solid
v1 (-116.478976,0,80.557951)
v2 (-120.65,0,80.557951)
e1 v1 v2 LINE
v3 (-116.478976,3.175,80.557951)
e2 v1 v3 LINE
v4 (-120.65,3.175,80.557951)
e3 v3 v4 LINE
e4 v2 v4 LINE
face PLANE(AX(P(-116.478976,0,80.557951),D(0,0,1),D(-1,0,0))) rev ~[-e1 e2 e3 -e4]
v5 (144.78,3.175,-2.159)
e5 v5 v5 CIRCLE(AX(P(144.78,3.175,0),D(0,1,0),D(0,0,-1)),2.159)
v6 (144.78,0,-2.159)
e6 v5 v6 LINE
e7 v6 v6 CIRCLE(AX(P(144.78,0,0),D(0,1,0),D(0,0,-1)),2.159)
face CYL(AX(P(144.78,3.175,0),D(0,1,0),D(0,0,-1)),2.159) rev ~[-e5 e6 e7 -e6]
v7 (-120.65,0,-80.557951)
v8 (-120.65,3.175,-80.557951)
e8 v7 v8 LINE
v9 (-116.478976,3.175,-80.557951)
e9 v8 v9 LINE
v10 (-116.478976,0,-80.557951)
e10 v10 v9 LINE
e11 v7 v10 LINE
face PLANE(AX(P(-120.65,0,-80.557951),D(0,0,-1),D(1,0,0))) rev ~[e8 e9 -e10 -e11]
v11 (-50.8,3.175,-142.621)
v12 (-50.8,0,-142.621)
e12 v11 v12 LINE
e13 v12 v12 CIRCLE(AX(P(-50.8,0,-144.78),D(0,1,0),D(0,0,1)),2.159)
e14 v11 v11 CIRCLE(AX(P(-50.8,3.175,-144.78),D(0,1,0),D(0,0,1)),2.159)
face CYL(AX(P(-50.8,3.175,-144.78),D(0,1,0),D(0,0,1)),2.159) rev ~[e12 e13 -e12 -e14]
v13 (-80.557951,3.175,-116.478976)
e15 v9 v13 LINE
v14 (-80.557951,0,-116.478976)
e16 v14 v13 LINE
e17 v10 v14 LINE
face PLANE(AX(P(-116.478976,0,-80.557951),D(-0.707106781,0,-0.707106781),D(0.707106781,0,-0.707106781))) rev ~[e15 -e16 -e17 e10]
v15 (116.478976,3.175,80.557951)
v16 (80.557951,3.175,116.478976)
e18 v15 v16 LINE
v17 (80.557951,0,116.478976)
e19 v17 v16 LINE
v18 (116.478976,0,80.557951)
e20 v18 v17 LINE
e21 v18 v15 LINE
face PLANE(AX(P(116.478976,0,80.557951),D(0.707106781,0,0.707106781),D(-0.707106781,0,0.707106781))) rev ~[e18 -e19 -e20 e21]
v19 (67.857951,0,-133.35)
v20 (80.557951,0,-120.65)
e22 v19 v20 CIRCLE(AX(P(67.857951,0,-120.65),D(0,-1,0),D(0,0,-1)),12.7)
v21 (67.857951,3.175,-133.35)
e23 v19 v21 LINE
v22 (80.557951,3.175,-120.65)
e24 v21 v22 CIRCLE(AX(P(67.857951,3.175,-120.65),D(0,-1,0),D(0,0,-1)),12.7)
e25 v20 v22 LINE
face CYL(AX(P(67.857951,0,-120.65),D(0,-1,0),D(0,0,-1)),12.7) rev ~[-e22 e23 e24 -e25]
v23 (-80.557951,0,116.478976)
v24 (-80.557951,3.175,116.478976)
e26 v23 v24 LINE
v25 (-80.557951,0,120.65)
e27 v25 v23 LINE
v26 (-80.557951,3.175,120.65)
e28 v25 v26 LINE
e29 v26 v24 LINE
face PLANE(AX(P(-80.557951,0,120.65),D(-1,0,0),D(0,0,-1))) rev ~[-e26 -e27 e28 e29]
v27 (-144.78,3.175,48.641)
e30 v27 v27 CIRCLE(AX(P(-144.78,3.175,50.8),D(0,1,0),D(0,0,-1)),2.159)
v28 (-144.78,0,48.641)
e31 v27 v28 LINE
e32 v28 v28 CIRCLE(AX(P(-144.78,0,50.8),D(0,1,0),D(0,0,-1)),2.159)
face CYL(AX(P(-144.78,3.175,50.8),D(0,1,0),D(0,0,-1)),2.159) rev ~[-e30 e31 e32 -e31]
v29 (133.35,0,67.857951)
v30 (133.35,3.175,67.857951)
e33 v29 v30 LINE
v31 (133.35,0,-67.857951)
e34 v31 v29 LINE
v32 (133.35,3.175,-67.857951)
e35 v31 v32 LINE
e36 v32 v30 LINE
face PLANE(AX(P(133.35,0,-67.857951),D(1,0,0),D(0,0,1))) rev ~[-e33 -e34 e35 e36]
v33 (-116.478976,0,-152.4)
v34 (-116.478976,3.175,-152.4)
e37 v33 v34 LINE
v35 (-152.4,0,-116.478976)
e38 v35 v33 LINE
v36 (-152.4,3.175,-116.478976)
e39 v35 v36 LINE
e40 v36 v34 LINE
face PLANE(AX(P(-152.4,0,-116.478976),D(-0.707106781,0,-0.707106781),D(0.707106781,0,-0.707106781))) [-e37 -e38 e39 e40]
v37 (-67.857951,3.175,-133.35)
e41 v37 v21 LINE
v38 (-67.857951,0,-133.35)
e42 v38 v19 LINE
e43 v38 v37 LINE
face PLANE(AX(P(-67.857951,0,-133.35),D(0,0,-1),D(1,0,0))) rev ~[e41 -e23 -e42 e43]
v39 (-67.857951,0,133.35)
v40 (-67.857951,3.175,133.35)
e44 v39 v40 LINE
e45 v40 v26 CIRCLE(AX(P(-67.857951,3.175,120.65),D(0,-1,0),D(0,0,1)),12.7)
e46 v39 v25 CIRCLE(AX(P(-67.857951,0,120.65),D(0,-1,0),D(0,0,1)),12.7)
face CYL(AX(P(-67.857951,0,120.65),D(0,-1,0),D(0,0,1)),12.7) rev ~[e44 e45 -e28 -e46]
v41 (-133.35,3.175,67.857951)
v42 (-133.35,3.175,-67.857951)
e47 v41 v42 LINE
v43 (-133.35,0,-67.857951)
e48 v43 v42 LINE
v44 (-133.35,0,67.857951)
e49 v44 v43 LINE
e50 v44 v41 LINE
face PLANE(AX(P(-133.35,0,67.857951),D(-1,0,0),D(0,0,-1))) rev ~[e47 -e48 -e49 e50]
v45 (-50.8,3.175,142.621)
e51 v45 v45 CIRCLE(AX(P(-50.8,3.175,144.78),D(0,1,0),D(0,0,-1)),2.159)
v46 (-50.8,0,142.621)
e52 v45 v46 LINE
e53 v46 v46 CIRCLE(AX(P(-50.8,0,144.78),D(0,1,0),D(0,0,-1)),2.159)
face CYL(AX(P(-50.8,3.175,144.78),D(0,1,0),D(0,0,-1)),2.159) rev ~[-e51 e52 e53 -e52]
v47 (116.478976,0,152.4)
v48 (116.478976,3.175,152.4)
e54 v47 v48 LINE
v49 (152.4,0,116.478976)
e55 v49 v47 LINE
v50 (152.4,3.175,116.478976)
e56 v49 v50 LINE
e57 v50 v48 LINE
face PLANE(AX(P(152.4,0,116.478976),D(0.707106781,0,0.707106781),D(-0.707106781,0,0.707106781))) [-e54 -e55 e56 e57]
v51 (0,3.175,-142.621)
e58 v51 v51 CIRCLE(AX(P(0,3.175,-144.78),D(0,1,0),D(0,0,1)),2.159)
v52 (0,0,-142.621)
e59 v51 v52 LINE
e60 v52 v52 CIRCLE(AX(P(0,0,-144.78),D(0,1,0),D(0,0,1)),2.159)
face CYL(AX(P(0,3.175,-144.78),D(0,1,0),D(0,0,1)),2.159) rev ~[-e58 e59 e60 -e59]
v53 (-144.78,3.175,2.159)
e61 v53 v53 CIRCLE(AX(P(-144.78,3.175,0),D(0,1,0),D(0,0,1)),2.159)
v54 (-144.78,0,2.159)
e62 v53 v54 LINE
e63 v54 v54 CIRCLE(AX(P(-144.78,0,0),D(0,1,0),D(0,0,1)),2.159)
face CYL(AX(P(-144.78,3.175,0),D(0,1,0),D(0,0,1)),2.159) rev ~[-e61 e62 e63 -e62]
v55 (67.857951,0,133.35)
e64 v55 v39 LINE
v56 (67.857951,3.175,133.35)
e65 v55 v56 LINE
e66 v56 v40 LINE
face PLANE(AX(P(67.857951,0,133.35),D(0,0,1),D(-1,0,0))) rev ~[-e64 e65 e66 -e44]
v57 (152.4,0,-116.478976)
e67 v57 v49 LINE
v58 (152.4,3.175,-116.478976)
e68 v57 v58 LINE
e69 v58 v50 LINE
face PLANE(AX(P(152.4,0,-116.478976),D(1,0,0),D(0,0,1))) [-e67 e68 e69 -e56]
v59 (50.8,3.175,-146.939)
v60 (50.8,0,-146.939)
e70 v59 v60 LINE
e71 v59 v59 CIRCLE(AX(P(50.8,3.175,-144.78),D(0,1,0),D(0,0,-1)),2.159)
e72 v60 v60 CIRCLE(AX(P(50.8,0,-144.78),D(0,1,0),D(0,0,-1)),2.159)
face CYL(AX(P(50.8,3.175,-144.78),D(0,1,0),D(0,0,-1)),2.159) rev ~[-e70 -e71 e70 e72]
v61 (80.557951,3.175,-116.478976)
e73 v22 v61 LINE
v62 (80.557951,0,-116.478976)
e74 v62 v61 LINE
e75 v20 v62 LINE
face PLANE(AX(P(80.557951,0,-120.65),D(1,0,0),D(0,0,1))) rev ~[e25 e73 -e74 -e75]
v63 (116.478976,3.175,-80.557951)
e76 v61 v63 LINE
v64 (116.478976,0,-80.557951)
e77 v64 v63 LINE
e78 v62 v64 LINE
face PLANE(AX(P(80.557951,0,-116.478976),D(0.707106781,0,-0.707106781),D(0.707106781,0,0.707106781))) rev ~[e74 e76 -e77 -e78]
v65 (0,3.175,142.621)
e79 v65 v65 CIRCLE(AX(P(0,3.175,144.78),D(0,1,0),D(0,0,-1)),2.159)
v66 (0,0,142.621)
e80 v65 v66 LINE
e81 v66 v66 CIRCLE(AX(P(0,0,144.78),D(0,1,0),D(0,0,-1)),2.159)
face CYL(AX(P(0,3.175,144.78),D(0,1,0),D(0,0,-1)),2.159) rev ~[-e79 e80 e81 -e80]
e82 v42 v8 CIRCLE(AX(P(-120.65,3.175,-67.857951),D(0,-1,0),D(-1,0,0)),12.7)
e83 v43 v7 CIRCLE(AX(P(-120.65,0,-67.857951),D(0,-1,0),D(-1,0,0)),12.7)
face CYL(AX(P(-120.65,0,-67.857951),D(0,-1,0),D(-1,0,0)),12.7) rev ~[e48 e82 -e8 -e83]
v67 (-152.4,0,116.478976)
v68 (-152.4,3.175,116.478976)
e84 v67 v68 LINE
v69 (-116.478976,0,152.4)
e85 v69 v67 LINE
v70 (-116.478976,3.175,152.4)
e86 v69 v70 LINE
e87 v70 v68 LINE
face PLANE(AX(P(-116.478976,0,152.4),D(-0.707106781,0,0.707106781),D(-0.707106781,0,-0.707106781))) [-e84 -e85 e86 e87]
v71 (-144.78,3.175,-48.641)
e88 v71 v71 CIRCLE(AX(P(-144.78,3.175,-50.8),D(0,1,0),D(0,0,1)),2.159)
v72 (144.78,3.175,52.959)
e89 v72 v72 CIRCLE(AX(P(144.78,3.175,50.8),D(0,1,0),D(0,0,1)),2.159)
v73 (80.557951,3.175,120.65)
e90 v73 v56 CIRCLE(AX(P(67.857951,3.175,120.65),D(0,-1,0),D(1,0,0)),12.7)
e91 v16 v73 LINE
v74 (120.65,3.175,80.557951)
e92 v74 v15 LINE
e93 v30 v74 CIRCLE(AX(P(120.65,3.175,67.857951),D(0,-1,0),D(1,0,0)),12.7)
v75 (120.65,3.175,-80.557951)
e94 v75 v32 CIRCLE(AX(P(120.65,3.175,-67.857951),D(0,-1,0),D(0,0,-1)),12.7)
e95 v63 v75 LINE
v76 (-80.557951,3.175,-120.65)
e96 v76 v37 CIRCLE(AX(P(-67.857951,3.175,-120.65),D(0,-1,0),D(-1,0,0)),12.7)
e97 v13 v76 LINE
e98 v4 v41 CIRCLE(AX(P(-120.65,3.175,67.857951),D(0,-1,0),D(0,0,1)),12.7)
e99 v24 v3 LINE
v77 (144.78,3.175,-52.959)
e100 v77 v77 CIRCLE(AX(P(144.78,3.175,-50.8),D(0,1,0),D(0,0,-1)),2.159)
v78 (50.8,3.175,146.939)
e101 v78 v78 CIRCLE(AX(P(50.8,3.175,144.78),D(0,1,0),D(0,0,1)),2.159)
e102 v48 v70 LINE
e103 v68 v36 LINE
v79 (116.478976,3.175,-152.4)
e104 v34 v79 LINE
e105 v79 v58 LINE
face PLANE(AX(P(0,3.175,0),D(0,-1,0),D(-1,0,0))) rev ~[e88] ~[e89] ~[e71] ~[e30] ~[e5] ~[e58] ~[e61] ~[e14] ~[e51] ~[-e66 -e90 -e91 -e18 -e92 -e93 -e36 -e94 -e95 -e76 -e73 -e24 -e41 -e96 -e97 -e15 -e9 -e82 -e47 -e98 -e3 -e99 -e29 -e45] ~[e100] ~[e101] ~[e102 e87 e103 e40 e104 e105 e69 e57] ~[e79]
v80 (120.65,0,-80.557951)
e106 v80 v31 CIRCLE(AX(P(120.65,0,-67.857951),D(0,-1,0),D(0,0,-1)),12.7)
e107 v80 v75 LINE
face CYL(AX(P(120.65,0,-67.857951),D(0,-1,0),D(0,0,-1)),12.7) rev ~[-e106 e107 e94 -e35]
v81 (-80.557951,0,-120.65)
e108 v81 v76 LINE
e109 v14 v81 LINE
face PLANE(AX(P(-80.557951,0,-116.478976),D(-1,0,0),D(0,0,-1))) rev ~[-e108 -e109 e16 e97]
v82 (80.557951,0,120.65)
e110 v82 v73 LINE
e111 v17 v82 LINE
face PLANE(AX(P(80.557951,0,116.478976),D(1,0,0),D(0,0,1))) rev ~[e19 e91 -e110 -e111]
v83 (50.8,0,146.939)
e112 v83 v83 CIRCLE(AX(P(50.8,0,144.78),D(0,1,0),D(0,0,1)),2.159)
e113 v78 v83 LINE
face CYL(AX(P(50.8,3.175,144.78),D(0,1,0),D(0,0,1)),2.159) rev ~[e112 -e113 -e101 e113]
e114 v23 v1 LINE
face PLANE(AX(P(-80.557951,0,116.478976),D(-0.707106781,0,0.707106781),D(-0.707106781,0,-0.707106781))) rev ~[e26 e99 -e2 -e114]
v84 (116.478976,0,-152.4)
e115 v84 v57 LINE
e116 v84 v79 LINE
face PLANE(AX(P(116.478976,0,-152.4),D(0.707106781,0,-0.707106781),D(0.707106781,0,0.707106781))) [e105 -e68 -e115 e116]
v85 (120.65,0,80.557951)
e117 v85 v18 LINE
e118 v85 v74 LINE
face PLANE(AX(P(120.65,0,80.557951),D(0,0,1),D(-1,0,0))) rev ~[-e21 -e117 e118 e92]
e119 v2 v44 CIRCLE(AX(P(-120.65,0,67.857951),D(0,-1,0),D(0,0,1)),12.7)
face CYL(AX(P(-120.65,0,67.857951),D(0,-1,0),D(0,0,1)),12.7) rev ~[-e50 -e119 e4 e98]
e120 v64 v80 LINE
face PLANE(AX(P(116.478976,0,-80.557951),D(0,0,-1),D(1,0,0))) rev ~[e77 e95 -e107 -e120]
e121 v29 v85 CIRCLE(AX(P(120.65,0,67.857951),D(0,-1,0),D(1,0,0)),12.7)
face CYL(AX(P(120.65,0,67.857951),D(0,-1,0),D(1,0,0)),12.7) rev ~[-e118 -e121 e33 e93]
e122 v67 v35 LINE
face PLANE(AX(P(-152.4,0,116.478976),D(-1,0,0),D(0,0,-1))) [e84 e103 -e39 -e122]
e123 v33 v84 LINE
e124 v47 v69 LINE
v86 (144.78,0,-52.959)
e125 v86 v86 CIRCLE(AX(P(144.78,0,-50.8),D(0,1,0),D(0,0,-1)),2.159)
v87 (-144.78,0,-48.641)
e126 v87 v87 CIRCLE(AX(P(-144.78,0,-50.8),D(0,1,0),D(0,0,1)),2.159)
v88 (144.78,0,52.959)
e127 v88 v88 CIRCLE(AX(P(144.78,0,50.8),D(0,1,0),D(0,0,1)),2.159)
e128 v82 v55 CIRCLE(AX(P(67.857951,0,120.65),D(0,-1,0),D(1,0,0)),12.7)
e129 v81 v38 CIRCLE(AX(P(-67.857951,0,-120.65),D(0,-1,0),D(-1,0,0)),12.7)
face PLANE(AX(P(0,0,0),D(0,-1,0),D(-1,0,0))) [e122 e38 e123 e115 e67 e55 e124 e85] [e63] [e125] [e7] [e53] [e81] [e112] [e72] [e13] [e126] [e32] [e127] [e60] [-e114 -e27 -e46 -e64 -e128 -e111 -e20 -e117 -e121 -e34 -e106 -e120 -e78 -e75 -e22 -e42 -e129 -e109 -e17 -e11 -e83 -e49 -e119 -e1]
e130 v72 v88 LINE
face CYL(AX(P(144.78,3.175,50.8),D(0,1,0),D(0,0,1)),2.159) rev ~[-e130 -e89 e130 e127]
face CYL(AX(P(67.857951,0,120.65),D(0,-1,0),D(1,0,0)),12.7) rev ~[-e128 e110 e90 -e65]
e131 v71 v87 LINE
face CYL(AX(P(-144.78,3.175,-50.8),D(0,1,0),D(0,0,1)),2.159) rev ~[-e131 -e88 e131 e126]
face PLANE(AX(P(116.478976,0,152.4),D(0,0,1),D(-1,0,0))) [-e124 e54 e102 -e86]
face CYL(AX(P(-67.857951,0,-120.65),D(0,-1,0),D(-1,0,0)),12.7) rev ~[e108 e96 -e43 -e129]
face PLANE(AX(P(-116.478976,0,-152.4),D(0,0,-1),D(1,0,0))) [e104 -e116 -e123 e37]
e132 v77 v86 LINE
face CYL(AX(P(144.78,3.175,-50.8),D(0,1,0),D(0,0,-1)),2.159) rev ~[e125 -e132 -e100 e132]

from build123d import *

# Parameters (mm, degrees)
BOSS_EXTRUDE1_DEPTH = 3.175
SKETCH4_R           = 2.159
CUT_EXTRUDE2_DEPTH  = 216.549531721


with BuildPart() as part:
    # Sketch2 → Boss-Extrude1 (new body)
    with BuildSketch(Plane(origin=(0, 0, 0), x_dir=(1, 0, 0), z_dir=(0, 1, 0))):
        Polygon((-152.4, 116.478975516), (-116.478975516, 152.4), (116.478975516, 152.4), (152.4, 116.478975516), (152.4, -116.478975516), (116.478975516, -152.4), (-116.478975516, -152.4), (-152.4, -116.478975516), align=None)
        with BuildLine():
            Line((-116.478975516, 80.557951031), (-80.557951031, 116.478975516))
            Line((-80.557951031, 116.478975516), (-80.557951031, 120.65))
            ThreePointArc((-80.557951031, 120.65), (-76.838207153, 129.630256121), (-67.857951031, 133.35))
            Line((-67.857951031, 133.35), (67.857951031, 133.35))
            ThreePointArc((67.857951031, 133.35), (76.838207153, 129.630256121), (80.557951031, 120.65))
            Line((80.557951031, 120.65), (80.557951031, 116.478975516))
            Line((80.557951031, 116.478975516), (116.478975516, 80.557951031))
            Line((116.478975516, 80.557951031), (120.65, 80.557951031))
            ThreePointArc((120.65, 80.557951031), (129.630256121, 76.838207153), (133.35, 67.857951031))
            Line((133.35, 67.857951031), (133.35, -67.857951031))
            ThreePointArc((133.35, -67.857951031), (129.630256121, -76.838207153), (120.65, -80.557951031))
            Line((120.65, -80.557951031), (116.478975516, -80.557951031))
            Line((116.478975516, -80.557951031), (80.557951031, -116.478975516))
            Line((80.557951031, -116.478975516), (80.557951031, -120.65))
            ThreePointArc((80.557951031, -120.65), (76.838207153, -129.630256121), (67.857951031, -133.35))
            Line((67.857951031, -133.35), (-67.857951031, -133.35))
            ThreePointArc((-67.857951031, -133.35), (-76.838207153, -129.630256121), (-80.557951031, -120.65))
            Line((-80.557951031, -120.65), (-80.557951031, -116.478975516))
            Line((-80.557951031, -116.478975516), (-116.478975516, -80.557951031))
            Line((-116.478975516, -80.557951031), (-120.65, -80.557951031))
            ThreePointArc((-120.65, -80.557951031), (-129.630256121, -76.838207153), (-133.35, -67.857951031))
            Line((-133.35, -67.857951031), (-133.35, 67.857951031))
            ThreePointArc((-133.35, 67.857951031), (-129.630256121, 76.838207153), (-120.65, 80.557951031))
            Line((-120.65, 80.557951031), (-116.478975516, 80.557951031))
        make_face(mode=Mode.SUBTRACT)
    extrude(amount=BOSS_EXTRUDE1_DEPTH)

    # Sketch4 → Cut-Extrude2 (cut, through all)
    with BuildSketch(Plane(origin=(0, 3.175, 0), x_dir=(1, 0, 0), z_dir=(0, 1, 0))):
        with Locations(Location((0, 144.78, 0), (0, 0, 270))):
            Circle(SKETCH4_R)
        with Locations(Location((-50.8, 144.78, 0), (0, 0, 270))):
            Circle(SKETCH4_R)
        with Locations(Location((-144.78, 50.8, 0), (0, 0, 270))):
            Circle(SKETCH4_R)
        with Locations(Location((-144.78, 0, 0), (0, 0, 270))):
            Circle(SKETCH4_R)
        with Locations(Location((144.78, 0, 0), (0, 0, 90))):
            Circle(SKETCH4_R)
        with Locations(Location((144.78, 50.8, 0), (0, 0, 90))):
            Circle(SKETCH4_R)
        with Locations(Location((50.8, 144.78, 0), (0, 0, 90))):
            Circle(SKETCH4_R)
        with Locations(Location((50.8, -144.78, 0), (0, 0, 270))):
            Circle(SKETCH4_R)
        with Locations(Location((144.78, -50.8, 0), (0, 0, 270))):
            Circle(SKETCH4_R)
        with Locations(Location((-50.8, -144.78, 0), (0, 0, 90))):
            Circle(SKETCH4_R)
        with Locations(Location((0, -144.78, 0), (0, 0, 90))):
            Circle(SKETCH4_R)
        with Locations(Location((-144.78, -50.8, 0), (0, 0, 90))):
            Circle(SKETCH4_R)
    extrude(amount=-CUT_EXTRUDE2_DEPTH, mode=Mode.SUBTRACT)


solid = part.part
